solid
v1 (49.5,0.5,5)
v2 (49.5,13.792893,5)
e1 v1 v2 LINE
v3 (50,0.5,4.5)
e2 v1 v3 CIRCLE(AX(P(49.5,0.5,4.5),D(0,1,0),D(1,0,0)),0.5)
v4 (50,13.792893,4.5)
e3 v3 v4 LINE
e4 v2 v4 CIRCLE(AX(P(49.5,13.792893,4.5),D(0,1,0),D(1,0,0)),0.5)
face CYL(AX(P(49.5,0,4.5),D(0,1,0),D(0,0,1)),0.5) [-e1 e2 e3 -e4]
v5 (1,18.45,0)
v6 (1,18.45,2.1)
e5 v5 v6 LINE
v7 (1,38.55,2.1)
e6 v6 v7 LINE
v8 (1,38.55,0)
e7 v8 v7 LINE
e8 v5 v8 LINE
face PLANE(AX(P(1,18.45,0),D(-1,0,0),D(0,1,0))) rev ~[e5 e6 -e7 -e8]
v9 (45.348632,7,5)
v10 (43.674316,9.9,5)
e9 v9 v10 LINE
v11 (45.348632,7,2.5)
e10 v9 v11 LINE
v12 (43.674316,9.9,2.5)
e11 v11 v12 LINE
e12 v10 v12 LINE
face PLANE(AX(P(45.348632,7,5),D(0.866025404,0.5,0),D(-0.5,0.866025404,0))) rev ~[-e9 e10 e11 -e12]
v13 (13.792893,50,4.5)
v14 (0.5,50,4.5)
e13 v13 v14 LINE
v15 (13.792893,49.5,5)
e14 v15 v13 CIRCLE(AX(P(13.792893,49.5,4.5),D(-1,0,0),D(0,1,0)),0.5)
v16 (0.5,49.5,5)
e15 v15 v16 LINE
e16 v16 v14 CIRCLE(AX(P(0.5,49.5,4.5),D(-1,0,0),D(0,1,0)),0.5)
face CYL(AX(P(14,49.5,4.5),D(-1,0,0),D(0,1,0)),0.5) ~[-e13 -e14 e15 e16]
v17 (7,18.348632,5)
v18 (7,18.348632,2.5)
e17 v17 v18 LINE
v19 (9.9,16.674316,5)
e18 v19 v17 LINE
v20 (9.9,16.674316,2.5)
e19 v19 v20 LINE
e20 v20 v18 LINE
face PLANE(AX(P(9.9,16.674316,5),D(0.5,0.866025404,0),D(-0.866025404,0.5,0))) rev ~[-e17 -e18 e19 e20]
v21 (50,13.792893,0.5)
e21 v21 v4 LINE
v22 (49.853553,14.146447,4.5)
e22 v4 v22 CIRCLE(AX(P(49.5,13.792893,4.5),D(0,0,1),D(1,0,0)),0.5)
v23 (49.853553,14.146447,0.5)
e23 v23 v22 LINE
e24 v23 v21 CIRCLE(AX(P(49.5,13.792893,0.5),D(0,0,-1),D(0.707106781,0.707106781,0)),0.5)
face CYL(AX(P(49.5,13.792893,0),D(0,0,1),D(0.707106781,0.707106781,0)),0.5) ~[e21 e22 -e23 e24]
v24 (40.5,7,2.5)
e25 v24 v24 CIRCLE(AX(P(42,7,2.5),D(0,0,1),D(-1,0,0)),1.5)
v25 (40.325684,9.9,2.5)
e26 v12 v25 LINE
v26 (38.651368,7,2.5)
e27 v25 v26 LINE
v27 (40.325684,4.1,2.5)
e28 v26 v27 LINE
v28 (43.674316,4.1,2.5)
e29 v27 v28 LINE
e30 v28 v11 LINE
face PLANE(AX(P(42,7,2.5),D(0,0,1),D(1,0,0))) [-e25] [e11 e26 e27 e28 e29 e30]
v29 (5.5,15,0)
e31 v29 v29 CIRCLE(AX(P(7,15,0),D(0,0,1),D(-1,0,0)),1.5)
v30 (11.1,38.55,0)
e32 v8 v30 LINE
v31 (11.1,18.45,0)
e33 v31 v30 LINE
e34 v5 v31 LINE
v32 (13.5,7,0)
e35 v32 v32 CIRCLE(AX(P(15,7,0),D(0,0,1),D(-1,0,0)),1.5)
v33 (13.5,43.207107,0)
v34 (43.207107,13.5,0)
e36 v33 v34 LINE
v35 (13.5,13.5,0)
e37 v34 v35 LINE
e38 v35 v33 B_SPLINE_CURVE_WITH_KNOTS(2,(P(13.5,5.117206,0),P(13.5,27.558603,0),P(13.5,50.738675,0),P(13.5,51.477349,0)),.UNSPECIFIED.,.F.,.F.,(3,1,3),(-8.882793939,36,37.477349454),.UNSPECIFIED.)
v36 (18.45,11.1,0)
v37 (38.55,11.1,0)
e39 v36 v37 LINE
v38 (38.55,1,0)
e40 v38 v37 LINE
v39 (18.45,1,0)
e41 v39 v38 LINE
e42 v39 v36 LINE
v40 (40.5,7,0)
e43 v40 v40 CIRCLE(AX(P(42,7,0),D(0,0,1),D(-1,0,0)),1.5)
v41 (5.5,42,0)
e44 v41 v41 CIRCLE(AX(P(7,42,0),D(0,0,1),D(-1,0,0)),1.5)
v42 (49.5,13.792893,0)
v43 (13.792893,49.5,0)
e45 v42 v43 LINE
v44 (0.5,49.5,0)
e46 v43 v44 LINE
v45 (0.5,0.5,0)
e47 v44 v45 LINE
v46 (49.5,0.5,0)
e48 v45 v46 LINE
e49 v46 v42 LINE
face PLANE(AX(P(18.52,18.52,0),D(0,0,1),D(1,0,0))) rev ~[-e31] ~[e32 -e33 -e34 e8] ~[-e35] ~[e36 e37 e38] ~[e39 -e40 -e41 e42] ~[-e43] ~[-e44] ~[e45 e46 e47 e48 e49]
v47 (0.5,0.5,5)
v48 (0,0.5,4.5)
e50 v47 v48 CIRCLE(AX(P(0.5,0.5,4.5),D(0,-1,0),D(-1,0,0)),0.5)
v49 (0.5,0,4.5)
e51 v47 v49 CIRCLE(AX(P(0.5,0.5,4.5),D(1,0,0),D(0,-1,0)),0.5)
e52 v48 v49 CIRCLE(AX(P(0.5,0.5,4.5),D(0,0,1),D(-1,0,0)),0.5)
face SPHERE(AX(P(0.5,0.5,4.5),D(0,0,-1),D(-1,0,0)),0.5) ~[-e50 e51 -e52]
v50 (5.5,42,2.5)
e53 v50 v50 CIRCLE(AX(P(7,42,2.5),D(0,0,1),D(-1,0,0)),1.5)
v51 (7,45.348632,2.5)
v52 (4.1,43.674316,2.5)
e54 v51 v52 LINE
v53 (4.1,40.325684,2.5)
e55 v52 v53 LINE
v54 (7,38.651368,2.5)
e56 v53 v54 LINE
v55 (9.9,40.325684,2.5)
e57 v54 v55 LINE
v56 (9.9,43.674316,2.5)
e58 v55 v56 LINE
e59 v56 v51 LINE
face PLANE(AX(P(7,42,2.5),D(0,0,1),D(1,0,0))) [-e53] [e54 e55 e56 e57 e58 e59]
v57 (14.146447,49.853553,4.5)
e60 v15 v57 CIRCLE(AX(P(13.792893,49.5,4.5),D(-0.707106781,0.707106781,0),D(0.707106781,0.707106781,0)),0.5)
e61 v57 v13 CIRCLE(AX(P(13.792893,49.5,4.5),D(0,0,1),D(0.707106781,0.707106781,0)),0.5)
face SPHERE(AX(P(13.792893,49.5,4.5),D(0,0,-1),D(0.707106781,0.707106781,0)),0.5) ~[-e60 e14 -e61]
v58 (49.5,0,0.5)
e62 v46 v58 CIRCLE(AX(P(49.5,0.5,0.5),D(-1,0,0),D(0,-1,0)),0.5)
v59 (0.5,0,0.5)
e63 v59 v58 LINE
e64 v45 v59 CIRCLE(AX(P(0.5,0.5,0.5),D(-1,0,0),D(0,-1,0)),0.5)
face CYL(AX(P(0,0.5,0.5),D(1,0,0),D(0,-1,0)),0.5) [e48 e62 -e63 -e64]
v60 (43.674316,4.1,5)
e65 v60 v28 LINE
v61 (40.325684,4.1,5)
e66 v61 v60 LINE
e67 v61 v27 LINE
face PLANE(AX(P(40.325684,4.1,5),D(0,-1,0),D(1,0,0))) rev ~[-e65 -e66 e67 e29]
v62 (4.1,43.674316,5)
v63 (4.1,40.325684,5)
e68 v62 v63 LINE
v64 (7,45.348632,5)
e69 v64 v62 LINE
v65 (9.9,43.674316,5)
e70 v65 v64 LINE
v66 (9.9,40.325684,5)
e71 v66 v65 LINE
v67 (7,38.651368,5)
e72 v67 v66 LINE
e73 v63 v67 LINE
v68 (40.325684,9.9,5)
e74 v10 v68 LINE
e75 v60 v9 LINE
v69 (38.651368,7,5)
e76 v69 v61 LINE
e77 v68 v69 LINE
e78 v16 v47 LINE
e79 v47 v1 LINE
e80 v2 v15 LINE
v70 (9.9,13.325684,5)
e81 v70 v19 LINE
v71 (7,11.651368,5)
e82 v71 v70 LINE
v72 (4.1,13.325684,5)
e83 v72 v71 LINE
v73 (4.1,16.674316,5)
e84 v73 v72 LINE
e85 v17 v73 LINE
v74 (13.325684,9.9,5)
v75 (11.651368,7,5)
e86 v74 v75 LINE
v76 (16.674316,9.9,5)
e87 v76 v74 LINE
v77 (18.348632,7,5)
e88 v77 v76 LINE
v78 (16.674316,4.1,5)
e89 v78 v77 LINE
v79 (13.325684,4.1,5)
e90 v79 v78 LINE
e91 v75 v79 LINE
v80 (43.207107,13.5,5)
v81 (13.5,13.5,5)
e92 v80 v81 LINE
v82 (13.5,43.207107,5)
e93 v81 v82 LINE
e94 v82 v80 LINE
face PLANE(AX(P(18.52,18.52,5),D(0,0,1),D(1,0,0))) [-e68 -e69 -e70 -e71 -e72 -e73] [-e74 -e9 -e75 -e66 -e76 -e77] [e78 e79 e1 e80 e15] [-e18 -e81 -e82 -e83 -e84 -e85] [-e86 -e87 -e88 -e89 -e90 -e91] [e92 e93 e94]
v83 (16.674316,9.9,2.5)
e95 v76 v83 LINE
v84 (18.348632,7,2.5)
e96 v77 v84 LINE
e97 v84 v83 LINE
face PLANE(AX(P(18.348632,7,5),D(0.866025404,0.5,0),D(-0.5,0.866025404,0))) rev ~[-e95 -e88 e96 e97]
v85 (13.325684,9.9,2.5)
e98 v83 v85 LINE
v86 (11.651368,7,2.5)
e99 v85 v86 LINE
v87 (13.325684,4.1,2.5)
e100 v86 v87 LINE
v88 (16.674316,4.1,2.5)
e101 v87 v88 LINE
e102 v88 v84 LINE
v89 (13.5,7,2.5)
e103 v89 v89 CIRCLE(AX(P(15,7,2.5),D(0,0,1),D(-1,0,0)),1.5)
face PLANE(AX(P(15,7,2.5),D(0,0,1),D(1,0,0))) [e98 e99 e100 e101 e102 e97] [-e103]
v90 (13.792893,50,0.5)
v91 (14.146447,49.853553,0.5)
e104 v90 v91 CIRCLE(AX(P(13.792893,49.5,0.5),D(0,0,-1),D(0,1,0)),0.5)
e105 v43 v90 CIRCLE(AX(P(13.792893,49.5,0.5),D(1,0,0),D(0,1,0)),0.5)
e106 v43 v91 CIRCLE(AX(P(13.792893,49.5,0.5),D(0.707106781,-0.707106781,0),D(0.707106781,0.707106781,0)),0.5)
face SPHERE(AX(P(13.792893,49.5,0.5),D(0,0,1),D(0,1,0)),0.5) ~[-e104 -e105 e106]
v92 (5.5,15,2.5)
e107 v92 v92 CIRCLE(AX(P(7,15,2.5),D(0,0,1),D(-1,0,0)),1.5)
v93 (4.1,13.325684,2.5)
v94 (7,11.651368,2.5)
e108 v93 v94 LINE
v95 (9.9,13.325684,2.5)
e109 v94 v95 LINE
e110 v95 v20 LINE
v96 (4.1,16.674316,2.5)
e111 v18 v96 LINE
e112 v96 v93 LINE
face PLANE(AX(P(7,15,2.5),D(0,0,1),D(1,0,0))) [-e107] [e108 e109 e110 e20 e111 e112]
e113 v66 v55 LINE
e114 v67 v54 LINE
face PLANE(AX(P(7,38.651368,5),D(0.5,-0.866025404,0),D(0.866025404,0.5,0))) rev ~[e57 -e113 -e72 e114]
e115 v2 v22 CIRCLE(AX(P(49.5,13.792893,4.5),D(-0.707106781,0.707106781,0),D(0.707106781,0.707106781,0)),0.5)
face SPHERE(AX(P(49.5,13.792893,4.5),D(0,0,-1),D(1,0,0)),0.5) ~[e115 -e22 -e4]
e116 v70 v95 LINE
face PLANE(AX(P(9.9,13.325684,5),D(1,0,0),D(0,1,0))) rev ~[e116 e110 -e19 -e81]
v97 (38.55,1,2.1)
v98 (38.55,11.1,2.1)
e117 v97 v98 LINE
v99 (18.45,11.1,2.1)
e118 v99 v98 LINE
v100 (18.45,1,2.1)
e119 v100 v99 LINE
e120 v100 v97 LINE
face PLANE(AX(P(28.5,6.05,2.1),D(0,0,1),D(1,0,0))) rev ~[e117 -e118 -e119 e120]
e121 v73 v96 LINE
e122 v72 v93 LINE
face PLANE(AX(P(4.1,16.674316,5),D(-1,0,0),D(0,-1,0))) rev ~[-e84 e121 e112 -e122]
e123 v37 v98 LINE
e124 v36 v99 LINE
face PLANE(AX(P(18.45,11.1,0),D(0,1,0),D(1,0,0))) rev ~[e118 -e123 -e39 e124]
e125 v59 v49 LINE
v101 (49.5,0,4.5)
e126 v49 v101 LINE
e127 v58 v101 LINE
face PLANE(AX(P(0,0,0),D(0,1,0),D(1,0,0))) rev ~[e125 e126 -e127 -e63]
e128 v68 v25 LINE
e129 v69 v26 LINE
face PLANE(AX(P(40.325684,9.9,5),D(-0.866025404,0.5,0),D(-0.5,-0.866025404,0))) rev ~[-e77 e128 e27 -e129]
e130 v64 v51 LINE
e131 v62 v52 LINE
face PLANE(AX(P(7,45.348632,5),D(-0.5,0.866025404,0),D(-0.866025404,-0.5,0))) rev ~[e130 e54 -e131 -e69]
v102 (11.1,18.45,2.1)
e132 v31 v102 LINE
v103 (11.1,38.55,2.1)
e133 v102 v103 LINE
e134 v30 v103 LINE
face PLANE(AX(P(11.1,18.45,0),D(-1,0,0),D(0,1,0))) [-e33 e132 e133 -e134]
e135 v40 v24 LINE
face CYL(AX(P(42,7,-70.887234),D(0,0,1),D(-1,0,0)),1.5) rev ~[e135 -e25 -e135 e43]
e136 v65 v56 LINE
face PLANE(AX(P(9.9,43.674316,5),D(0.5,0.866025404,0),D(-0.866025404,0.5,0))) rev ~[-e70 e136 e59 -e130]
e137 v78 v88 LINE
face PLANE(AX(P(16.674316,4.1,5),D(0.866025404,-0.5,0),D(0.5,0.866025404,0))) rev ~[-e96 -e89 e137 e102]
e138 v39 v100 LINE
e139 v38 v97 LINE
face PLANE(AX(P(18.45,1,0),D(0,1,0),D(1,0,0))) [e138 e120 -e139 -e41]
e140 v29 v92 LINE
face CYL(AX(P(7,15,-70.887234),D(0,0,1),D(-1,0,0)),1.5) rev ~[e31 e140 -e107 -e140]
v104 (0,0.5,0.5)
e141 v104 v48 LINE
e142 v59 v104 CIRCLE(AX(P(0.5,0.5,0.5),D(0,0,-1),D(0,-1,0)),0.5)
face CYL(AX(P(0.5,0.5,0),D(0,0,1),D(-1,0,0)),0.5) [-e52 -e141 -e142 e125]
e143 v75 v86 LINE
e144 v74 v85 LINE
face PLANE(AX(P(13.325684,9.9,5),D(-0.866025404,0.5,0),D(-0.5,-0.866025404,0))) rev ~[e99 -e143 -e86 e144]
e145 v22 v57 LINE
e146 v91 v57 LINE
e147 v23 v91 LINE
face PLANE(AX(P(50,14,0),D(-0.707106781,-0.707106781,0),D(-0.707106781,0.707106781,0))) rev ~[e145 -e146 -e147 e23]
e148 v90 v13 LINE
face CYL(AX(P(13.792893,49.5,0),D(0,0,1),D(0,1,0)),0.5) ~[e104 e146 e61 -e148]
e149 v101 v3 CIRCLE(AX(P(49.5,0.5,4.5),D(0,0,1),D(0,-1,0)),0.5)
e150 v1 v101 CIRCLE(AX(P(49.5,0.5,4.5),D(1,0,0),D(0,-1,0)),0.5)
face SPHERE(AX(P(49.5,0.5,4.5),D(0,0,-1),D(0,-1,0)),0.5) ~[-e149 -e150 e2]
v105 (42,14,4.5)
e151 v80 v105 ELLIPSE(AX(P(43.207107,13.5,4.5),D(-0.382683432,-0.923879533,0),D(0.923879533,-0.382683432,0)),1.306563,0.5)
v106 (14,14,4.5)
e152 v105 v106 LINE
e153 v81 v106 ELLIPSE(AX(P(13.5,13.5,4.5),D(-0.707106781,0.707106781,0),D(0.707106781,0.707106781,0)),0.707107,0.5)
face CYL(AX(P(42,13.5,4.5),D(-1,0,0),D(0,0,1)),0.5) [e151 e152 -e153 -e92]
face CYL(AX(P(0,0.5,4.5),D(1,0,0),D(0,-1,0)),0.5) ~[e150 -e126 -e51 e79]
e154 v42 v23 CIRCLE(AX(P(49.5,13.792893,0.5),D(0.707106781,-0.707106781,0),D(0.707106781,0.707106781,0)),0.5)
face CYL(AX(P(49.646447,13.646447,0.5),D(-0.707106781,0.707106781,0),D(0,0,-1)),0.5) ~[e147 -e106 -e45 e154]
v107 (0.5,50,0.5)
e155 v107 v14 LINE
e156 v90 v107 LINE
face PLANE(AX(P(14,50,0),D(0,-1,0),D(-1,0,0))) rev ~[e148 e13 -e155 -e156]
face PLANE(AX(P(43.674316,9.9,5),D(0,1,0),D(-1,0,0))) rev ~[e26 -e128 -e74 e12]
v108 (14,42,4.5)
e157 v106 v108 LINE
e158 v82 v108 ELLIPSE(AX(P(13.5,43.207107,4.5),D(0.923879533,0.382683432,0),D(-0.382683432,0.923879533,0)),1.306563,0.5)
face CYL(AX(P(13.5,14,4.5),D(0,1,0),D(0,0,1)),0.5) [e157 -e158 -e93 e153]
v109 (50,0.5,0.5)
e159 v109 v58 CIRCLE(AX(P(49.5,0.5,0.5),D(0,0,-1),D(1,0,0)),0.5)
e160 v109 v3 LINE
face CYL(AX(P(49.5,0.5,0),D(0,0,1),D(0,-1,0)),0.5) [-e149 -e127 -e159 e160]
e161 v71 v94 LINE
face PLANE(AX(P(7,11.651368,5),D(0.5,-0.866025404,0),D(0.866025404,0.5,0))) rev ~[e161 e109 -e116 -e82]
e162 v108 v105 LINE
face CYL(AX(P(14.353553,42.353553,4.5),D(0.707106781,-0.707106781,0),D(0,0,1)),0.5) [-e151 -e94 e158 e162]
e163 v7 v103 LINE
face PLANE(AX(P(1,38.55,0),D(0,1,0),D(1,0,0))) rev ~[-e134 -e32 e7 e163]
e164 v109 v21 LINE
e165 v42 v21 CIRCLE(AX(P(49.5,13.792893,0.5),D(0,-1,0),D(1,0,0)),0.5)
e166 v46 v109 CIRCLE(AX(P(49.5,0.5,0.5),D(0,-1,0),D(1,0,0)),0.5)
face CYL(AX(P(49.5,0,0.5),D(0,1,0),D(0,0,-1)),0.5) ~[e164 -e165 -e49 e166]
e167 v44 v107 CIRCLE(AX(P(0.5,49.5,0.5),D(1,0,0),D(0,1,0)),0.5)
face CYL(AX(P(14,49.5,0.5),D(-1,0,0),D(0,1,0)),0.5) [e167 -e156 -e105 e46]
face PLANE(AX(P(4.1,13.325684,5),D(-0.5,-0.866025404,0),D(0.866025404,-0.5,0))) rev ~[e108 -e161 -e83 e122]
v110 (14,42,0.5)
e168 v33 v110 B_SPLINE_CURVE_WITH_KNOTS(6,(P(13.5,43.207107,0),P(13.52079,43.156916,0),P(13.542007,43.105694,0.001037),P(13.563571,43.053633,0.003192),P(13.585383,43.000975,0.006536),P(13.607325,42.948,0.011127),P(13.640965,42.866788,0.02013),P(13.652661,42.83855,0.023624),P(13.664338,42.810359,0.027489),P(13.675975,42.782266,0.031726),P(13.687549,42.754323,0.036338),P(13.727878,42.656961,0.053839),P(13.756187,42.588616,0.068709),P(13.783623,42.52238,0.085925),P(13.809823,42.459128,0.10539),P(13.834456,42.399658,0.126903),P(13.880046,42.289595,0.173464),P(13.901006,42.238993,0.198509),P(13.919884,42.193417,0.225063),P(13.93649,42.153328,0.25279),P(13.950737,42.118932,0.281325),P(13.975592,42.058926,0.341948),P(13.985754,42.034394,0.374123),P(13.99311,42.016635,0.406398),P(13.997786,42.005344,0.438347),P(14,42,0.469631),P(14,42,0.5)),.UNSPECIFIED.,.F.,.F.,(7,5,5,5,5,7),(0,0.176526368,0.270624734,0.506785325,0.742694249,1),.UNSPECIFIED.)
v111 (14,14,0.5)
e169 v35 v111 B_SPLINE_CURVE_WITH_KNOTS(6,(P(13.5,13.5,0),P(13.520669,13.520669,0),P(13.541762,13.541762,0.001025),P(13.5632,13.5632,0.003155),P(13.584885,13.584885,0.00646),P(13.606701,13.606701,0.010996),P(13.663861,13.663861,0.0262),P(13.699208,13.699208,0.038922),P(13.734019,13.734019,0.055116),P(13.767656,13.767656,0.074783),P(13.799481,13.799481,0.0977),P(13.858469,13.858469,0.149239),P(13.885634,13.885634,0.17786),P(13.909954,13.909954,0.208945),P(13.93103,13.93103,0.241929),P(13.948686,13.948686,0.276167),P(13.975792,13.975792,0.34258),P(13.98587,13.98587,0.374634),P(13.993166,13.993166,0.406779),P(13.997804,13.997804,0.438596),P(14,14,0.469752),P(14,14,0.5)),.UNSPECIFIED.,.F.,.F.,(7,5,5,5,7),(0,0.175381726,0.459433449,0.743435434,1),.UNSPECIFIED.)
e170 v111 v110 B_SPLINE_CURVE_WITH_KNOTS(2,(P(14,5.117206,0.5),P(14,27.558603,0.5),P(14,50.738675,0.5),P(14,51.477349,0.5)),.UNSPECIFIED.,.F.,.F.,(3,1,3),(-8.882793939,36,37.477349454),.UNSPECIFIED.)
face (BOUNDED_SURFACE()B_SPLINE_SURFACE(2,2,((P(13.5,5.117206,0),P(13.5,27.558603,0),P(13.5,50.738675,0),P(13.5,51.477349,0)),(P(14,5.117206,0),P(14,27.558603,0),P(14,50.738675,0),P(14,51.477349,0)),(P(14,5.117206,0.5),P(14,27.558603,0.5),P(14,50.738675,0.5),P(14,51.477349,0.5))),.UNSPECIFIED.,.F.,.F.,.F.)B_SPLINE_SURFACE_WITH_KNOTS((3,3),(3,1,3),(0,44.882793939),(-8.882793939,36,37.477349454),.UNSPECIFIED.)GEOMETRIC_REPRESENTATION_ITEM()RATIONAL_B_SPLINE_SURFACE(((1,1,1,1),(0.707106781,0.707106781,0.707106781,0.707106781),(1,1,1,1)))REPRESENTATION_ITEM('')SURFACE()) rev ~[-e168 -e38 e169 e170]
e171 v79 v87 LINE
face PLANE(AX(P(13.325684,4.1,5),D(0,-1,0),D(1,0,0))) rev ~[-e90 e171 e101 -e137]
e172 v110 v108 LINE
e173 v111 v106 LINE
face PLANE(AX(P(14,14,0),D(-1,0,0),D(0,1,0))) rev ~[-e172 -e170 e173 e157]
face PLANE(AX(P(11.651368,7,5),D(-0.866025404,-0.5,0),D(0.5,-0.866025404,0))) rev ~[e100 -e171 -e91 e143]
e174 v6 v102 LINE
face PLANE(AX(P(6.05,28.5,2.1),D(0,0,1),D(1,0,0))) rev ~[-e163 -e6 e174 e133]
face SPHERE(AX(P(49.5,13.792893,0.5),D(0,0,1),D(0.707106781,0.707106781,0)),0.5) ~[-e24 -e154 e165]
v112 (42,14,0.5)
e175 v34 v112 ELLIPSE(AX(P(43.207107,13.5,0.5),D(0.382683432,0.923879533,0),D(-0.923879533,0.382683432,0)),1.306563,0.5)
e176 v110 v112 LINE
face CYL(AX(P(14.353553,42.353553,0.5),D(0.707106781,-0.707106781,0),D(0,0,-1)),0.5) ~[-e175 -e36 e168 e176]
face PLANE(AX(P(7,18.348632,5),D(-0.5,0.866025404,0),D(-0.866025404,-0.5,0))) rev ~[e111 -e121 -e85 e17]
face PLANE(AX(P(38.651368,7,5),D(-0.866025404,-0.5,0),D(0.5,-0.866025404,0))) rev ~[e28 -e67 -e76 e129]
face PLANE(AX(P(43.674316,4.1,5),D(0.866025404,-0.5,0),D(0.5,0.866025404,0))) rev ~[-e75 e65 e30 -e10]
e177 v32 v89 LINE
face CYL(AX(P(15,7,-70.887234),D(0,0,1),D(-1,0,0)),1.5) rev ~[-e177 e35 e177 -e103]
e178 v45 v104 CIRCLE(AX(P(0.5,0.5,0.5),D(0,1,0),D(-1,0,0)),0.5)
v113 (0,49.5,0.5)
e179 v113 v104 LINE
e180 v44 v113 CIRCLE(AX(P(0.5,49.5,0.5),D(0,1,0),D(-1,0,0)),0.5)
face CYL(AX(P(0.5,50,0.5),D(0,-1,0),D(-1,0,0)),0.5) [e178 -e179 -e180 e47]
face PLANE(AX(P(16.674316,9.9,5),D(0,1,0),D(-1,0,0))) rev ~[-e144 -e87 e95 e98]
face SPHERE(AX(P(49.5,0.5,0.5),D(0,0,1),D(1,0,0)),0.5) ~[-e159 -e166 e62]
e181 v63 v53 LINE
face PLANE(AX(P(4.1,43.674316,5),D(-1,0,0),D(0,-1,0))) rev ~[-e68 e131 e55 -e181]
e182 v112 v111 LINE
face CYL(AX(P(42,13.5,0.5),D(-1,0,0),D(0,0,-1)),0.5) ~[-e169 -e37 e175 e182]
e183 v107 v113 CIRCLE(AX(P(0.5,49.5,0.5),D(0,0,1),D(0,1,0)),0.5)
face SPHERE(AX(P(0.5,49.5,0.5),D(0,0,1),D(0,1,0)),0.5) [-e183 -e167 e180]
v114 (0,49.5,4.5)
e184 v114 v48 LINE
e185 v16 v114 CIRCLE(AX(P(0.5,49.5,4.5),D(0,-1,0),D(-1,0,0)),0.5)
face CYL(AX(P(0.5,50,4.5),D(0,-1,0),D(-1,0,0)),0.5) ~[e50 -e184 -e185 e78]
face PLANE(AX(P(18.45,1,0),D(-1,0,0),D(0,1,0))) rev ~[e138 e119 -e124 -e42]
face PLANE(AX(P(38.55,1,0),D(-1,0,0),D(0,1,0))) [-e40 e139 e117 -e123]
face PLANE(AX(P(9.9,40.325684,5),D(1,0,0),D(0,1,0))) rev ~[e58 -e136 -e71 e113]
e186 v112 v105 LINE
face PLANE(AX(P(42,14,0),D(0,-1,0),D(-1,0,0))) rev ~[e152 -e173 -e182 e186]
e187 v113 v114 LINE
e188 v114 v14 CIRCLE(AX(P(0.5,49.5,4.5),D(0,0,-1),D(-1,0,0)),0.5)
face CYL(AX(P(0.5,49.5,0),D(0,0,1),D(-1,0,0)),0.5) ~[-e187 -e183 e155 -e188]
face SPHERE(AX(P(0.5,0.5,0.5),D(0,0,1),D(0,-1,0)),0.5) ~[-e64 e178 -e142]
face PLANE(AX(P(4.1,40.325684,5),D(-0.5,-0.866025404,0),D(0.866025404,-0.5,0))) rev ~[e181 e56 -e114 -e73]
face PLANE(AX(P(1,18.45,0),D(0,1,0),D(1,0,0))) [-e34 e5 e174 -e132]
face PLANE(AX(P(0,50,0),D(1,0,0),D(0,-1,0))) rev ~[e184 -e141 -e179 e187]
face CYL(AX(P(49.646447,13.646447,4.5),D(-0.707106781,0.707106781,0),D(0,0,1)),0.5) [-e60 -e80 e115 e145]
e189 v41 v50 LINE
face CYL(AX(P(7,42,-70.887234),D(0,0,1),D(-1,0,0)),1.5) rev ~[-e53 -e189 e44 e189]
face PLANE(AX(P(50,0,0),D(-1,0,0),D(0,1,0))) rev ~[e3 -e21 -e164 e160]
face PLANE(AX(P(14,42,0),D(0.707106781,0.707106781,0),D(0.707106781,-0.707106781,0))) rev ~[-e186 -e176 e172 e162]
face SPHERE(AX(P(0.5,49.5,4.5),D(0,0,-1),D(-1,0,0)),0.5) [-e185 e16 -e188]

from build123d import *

# Parameters (mm, degrees)
F0_W     = 20.1
F0_H     = 10.1
F0_W_2   = 10.1
F0_H_2   = 20.1
F1_DEPTH = 5
F2_DEPTH = 2.1
F3_D     = 3
F5_DEPTH = 2.5
F6_R     = 0.5


with BuildPart() as f1:
    # F0 (on Top) → F1 (new body)
    with BuildSketch(Plane.XY):
        Polygon((0, 50), (0, 0), (50, 0), (50, 14), (42, 14), (14, 14), (14, 42), (14, 50), align=None)
        with Locations((28.5, 6.05)):
            Rectangle(F0_W, F0_H, mode=Mode.SUBTRACT)
        with Locations((6.05, 28.5)):
            Rectangle(F0_W_2, F0_H_2, mode=Mode.SUBTRACT)
        Polygon((42, 14), (50, 14), (14, 50), (14, 42), align=None)
        with Locations((6.05, 28.5)):
            Rectangle(F0_W_2, F0_H_2)
        with Locations((28.5, 6.05)):
            Rectangle(F0_W, F0_H)
    extrude(amount=F1_DEPTH)

    # F0 (on Top) → F2 (cut)
    with BuildSketch(Plane.XY):
        with Locations((6.05, 28.5)):
            Rectangle(F0_W_2, F0_H_2)
        with Locations((28.5, 6.05)):
            Rectangle(F0_W, F0_H)
    extrude(amount=F2_DEPTH, mode=Mode.SUBTRACT)

    # F3 (through all)
    with Locations(Plane(origin=(0, 0, 0), x_dir=(1, 0, 0), z_dir=(0, 0, -1))):
        with Locations((7, -15), (15, -7), (42, -7), (7, -42)):
            Hole(F3_D / 2)

    # F4 (on face) → F5 (cut)
    with BuildSketch(Plane.XY.offset(5)):
        Polygon((7, 45.3486315613), (4.1, 43.6743157806), (4.1, 40.3256842194), (7, 38.6513684387), (9.9, 40.3256842194), (9.9, 43.6743157806), align=None)
        Polygon((7, 18.3486315613), (4.1, 16.6743157806), (4.1, 13.3256842194), (7, 11.6513684387), (9.9, 13.3256842194), (9.9, 16.6743157806), align=None)
        Polygon((18.3486315613, 7), (16.6743157806, 9.9), (13.3256842194, 9.9), (11.6513684387, 7), (13.3256842194, 4.1), (16.6743157806, 4.1), align=None)
        Polygon((40.3256842194, 9.9), (38.6513684387, 7), (40.3256842194, 4.1), (43.6743157806, 4.1), (45.3486315613, 7), (43.6743157806, 9.9), align=None)
    extrude(amount=-F5_DEPTH, mode=Mode.SUBTRACT)

    # F6
    f6_edges = [f1.edges().sort_by_distance(p)[0] for p in [
        (0, 0, 2.5),
        (50, 0, 2.5),
        (50, 14, 2.5),
        (14, 50, 2.5),
        (0, 50, 2.5),
        (0, 25, 5),
        (7, 50, 0),
        (32, 32, 0),
        (50, 7, 0),
        (25, 0, 0),
        (28, 14, 0),
        (28, 28, 0),
        (14, 28, 0),
        (0, 25, 0),
        (25, 0, 5),
        (50, 7, 5),
        (32, 32, 5),
        (14, 28, 5),
        (28, 28, 5),
        (28, 14, 5),
        (7, 50, 5),
    ]]
    fillet(f6_edges, radius=F6_R)


solid = f1.part
